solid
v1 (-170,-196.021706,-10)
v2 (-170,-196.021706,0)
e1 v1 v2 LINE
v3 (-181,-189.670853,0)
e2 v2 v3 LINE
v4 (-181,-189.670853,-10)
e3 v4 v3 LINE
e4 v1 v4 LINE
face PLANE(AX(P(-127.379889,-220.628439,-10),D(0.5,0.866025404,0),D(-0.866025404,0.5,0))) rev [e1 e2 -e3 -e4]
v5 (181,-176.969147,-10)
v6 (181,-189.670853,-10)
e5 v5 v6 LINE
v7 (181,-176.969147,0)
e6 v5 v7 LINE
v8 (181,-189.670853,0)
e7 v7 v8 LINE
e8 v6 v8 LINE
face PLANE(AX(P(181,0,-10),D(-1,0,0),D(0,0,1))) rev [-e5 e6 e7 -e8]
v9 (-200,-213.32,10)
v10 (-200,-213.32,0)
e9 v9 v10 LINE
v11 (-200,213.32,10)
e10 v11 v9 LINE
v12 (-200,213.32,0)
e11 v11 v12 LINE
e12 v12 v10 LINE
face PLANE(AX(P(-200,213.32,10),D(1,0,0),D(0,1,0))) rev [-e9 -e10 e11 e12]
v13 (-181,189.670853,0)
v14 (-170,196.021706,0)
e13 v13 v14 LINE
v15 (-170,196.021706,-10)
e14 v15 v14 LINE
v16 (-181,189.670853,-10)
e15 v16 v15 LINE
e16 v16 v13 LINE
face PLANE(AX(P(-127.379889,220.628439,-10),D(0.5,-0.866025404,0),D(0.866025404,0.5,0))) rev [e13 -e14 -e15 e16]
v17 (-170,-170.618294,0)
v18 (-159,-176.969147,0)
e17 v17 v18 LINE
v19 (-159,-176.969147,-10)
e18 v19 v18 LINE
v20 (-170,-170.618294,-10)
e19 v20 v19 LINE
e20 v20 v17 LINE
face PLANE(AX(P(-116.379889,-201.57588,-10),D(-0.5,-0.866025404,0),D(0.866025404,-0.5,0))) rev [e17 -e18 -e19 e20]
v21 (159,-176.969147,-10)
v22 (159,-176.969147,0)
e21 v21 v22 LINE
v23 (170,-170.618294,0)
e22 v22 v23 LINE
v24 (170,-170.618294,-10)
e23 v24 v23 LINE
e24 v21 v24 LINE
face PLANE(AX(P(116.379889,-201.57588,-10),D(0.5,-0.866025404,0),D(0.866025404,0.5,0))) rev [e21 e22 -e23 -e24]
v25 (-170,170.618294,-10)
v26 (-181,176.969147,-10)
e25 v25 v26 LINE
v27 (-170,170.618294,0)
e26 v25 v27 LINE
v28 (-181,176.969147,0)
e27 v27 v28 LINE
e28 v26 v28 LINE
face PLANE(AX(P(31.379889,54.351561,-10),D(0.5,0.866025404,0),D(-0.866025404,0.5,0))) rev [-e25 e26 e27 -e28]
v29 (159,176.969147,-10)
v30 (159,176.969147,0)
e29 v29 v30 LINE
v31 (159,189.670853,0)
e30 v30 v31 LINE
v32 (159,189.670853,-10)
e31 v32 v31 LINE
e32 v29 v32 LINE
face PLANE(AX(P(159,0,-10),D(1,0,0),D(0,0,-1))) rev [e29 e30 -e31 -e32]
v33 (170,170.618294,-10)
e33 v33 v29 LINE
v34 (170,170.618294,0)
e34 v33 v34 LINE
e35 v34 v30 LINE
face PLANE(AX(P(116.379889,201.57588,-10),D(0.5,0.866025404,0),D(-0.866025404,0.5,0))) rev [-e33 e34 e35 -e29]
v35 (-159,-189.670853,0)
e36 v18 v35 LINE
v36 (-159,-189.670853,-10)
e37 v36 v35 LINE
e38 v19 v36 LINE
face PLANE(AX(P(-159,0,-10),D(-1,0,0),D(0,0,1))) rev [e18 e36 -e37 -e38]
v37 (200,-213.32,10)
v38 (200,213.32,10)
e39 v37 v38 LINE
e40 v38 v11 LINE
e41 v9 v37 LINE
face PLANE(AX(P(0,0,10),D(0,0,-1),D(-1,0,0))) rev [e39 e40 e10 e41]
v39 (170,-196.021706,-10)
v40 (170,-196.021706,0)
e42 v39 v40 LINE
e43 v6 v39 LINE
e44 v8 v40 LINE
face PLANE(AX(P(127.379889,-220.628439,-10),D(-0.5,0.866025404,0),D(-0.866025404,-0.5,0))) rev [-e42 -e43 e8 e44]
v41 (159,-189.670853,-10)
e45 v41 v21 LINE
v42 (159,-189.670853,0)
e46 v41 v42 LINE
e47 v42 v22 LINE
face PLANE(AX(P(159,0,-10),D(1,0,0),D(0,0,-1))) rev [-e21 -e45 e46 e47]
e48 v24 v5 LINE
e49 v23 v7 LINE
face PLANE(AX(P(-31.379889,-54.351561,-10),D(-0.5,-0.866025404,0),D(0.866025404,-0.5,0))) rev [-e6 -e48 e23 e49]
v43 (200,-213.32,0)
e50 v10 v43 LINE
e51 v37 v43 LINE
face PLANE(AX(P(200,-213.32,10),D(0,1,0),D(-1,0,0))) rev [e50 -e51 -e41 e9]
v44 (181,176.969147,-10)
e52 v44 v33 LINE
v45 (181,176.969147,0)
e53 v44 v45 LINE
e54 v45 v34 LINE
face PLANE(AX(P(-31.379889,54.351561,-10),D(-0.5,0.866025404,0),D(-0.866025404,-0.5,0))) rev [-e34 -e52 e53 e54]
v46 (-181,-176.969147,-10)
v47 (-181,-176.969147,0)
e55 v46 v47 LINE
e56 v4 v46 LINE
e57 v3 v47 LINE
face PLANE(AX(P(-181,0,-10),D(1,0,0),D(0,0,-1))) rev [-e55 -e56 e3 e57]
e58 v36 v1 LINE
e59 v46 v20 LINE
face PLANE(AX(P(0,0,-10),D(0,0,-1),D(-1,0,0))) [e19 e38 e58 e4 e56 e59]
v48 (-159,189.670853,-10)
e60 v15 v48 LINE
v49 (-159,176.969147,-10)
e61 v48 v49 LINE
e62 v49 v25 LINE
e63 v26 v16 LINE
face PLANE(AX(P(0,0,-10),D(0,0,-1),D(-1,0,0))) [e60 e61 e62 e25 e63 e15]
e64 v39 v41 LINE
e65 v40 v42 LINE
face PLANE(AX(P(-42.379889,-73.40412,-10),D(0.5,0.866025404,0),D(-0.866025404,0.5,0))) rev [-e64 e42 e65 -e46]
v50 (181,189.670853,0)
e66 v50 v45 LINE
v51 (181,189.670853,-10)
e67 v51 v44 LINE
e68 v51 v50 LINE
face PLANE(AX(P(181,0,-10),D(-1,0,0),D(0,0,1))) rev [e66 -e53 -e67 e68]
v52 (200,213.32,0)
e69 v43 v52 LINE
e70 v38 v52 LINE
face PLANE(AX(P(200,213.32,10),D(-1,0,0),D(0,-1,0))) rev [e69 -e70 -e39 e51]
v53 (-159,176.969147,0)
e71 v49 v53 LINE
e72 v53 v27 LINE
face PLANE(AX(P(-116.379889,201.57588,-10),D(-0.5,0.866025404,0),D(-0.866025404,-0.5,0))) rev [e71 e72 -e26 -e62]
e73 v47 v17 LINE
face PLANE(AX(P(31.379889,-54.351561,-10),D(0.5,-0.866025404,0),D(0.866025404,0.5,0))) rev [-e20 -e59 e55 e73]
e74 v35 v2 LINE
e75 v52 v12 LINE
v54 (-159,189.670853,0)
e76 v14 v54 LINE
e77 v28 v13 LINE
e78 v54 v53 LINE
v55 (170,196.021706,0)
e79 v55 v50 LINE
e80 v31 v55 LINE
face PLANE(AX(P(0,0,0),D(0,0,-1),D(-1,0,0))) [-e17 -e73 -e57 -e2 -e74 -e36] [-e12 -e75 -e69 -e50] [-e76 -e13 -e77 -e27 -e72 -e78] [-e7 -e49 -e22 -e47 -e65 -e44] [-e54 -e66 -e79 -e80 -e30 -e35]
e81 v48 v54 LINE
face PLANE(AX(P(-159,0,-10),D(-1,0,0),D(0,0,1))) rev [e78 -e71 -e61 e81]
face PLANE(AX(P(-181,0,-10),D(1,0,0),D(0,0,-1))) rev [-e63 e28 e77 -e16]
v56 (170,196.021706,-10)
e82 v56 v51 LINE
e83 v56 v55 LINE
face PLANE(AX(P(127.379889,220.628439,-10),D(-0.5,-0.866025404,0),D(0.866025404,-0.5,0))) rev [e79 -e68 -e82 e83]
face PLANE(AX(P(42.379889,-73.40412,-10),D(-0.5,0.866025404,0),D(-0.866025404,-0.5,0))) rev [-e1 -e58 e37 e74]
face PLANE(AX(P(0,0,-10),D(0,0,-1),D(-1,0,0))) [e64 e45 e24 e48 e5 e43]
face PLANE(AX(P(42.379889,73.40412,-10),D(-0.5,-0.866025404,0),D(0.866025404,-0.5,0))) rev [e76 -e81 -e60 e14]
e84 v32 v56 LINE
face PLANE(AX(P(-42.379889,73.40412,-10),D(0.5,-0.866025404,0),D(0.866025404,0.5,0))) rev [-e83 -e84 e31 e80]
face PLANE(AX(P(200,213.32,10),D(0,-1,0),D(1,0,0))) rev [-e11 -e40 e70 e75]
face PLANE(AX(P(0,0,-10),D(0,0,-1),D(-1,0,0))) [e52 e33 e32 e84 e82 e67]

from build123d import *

# Parameters (mm, degrees)
CROQUIS1_W              = 400
CROQUIS1_H              = 426.64
SALIENTE_EXTRUIR1_DEPTH = 10
SALIENTE_EXTRUIR2_DEPTH = 10


with BuildPart() as part:
    # Croquis1 → Saliente-Extruir1 (new body)
    with BuildSketch(Plane.XY):
        Rectangle(CROQUIS1_W, CROQUIS1_H)
    extrude(amount=SALIENTE_EXTRUIR1_DEPTH)

    # Croquis2 → Saliente-Extruir2 (add)
    with BuildSketch(Plane(origin=(0, 0, 0), x_dir=(-1, 0, 0), z_dir=(0, 0, -1))):
        Polygon((-170, 170.618294078), (-159, 176.969147039), (-159, 189.670852961), (-170, 196.021705922), (-181, 189.670852961), (-181, 176.969147039), align=None)
        Polygon((-170, -170.618294078), (-181, -176.969147039), (-181, -189.670852961), (-170, -196.021705922), (-159, -189.670852961), (-159, -176.969147039), align=None)
        Polygon((170, 170.618294078), (181, 176.969147039), (181, 189.670852961), (170, 196.021705922), (159, 189.670852961), (159, 176.969147039), align=None)
        Polygon((170, -170.618294078), (159, -176.969147039), (159, -189.670852961), (170, -196.021705922), (181, -189.670852961), (181, -176.969147039), align=None)
    extrude(amount=SALIENTE_EXTRUIR2_DEPTH)


solid = part.part
